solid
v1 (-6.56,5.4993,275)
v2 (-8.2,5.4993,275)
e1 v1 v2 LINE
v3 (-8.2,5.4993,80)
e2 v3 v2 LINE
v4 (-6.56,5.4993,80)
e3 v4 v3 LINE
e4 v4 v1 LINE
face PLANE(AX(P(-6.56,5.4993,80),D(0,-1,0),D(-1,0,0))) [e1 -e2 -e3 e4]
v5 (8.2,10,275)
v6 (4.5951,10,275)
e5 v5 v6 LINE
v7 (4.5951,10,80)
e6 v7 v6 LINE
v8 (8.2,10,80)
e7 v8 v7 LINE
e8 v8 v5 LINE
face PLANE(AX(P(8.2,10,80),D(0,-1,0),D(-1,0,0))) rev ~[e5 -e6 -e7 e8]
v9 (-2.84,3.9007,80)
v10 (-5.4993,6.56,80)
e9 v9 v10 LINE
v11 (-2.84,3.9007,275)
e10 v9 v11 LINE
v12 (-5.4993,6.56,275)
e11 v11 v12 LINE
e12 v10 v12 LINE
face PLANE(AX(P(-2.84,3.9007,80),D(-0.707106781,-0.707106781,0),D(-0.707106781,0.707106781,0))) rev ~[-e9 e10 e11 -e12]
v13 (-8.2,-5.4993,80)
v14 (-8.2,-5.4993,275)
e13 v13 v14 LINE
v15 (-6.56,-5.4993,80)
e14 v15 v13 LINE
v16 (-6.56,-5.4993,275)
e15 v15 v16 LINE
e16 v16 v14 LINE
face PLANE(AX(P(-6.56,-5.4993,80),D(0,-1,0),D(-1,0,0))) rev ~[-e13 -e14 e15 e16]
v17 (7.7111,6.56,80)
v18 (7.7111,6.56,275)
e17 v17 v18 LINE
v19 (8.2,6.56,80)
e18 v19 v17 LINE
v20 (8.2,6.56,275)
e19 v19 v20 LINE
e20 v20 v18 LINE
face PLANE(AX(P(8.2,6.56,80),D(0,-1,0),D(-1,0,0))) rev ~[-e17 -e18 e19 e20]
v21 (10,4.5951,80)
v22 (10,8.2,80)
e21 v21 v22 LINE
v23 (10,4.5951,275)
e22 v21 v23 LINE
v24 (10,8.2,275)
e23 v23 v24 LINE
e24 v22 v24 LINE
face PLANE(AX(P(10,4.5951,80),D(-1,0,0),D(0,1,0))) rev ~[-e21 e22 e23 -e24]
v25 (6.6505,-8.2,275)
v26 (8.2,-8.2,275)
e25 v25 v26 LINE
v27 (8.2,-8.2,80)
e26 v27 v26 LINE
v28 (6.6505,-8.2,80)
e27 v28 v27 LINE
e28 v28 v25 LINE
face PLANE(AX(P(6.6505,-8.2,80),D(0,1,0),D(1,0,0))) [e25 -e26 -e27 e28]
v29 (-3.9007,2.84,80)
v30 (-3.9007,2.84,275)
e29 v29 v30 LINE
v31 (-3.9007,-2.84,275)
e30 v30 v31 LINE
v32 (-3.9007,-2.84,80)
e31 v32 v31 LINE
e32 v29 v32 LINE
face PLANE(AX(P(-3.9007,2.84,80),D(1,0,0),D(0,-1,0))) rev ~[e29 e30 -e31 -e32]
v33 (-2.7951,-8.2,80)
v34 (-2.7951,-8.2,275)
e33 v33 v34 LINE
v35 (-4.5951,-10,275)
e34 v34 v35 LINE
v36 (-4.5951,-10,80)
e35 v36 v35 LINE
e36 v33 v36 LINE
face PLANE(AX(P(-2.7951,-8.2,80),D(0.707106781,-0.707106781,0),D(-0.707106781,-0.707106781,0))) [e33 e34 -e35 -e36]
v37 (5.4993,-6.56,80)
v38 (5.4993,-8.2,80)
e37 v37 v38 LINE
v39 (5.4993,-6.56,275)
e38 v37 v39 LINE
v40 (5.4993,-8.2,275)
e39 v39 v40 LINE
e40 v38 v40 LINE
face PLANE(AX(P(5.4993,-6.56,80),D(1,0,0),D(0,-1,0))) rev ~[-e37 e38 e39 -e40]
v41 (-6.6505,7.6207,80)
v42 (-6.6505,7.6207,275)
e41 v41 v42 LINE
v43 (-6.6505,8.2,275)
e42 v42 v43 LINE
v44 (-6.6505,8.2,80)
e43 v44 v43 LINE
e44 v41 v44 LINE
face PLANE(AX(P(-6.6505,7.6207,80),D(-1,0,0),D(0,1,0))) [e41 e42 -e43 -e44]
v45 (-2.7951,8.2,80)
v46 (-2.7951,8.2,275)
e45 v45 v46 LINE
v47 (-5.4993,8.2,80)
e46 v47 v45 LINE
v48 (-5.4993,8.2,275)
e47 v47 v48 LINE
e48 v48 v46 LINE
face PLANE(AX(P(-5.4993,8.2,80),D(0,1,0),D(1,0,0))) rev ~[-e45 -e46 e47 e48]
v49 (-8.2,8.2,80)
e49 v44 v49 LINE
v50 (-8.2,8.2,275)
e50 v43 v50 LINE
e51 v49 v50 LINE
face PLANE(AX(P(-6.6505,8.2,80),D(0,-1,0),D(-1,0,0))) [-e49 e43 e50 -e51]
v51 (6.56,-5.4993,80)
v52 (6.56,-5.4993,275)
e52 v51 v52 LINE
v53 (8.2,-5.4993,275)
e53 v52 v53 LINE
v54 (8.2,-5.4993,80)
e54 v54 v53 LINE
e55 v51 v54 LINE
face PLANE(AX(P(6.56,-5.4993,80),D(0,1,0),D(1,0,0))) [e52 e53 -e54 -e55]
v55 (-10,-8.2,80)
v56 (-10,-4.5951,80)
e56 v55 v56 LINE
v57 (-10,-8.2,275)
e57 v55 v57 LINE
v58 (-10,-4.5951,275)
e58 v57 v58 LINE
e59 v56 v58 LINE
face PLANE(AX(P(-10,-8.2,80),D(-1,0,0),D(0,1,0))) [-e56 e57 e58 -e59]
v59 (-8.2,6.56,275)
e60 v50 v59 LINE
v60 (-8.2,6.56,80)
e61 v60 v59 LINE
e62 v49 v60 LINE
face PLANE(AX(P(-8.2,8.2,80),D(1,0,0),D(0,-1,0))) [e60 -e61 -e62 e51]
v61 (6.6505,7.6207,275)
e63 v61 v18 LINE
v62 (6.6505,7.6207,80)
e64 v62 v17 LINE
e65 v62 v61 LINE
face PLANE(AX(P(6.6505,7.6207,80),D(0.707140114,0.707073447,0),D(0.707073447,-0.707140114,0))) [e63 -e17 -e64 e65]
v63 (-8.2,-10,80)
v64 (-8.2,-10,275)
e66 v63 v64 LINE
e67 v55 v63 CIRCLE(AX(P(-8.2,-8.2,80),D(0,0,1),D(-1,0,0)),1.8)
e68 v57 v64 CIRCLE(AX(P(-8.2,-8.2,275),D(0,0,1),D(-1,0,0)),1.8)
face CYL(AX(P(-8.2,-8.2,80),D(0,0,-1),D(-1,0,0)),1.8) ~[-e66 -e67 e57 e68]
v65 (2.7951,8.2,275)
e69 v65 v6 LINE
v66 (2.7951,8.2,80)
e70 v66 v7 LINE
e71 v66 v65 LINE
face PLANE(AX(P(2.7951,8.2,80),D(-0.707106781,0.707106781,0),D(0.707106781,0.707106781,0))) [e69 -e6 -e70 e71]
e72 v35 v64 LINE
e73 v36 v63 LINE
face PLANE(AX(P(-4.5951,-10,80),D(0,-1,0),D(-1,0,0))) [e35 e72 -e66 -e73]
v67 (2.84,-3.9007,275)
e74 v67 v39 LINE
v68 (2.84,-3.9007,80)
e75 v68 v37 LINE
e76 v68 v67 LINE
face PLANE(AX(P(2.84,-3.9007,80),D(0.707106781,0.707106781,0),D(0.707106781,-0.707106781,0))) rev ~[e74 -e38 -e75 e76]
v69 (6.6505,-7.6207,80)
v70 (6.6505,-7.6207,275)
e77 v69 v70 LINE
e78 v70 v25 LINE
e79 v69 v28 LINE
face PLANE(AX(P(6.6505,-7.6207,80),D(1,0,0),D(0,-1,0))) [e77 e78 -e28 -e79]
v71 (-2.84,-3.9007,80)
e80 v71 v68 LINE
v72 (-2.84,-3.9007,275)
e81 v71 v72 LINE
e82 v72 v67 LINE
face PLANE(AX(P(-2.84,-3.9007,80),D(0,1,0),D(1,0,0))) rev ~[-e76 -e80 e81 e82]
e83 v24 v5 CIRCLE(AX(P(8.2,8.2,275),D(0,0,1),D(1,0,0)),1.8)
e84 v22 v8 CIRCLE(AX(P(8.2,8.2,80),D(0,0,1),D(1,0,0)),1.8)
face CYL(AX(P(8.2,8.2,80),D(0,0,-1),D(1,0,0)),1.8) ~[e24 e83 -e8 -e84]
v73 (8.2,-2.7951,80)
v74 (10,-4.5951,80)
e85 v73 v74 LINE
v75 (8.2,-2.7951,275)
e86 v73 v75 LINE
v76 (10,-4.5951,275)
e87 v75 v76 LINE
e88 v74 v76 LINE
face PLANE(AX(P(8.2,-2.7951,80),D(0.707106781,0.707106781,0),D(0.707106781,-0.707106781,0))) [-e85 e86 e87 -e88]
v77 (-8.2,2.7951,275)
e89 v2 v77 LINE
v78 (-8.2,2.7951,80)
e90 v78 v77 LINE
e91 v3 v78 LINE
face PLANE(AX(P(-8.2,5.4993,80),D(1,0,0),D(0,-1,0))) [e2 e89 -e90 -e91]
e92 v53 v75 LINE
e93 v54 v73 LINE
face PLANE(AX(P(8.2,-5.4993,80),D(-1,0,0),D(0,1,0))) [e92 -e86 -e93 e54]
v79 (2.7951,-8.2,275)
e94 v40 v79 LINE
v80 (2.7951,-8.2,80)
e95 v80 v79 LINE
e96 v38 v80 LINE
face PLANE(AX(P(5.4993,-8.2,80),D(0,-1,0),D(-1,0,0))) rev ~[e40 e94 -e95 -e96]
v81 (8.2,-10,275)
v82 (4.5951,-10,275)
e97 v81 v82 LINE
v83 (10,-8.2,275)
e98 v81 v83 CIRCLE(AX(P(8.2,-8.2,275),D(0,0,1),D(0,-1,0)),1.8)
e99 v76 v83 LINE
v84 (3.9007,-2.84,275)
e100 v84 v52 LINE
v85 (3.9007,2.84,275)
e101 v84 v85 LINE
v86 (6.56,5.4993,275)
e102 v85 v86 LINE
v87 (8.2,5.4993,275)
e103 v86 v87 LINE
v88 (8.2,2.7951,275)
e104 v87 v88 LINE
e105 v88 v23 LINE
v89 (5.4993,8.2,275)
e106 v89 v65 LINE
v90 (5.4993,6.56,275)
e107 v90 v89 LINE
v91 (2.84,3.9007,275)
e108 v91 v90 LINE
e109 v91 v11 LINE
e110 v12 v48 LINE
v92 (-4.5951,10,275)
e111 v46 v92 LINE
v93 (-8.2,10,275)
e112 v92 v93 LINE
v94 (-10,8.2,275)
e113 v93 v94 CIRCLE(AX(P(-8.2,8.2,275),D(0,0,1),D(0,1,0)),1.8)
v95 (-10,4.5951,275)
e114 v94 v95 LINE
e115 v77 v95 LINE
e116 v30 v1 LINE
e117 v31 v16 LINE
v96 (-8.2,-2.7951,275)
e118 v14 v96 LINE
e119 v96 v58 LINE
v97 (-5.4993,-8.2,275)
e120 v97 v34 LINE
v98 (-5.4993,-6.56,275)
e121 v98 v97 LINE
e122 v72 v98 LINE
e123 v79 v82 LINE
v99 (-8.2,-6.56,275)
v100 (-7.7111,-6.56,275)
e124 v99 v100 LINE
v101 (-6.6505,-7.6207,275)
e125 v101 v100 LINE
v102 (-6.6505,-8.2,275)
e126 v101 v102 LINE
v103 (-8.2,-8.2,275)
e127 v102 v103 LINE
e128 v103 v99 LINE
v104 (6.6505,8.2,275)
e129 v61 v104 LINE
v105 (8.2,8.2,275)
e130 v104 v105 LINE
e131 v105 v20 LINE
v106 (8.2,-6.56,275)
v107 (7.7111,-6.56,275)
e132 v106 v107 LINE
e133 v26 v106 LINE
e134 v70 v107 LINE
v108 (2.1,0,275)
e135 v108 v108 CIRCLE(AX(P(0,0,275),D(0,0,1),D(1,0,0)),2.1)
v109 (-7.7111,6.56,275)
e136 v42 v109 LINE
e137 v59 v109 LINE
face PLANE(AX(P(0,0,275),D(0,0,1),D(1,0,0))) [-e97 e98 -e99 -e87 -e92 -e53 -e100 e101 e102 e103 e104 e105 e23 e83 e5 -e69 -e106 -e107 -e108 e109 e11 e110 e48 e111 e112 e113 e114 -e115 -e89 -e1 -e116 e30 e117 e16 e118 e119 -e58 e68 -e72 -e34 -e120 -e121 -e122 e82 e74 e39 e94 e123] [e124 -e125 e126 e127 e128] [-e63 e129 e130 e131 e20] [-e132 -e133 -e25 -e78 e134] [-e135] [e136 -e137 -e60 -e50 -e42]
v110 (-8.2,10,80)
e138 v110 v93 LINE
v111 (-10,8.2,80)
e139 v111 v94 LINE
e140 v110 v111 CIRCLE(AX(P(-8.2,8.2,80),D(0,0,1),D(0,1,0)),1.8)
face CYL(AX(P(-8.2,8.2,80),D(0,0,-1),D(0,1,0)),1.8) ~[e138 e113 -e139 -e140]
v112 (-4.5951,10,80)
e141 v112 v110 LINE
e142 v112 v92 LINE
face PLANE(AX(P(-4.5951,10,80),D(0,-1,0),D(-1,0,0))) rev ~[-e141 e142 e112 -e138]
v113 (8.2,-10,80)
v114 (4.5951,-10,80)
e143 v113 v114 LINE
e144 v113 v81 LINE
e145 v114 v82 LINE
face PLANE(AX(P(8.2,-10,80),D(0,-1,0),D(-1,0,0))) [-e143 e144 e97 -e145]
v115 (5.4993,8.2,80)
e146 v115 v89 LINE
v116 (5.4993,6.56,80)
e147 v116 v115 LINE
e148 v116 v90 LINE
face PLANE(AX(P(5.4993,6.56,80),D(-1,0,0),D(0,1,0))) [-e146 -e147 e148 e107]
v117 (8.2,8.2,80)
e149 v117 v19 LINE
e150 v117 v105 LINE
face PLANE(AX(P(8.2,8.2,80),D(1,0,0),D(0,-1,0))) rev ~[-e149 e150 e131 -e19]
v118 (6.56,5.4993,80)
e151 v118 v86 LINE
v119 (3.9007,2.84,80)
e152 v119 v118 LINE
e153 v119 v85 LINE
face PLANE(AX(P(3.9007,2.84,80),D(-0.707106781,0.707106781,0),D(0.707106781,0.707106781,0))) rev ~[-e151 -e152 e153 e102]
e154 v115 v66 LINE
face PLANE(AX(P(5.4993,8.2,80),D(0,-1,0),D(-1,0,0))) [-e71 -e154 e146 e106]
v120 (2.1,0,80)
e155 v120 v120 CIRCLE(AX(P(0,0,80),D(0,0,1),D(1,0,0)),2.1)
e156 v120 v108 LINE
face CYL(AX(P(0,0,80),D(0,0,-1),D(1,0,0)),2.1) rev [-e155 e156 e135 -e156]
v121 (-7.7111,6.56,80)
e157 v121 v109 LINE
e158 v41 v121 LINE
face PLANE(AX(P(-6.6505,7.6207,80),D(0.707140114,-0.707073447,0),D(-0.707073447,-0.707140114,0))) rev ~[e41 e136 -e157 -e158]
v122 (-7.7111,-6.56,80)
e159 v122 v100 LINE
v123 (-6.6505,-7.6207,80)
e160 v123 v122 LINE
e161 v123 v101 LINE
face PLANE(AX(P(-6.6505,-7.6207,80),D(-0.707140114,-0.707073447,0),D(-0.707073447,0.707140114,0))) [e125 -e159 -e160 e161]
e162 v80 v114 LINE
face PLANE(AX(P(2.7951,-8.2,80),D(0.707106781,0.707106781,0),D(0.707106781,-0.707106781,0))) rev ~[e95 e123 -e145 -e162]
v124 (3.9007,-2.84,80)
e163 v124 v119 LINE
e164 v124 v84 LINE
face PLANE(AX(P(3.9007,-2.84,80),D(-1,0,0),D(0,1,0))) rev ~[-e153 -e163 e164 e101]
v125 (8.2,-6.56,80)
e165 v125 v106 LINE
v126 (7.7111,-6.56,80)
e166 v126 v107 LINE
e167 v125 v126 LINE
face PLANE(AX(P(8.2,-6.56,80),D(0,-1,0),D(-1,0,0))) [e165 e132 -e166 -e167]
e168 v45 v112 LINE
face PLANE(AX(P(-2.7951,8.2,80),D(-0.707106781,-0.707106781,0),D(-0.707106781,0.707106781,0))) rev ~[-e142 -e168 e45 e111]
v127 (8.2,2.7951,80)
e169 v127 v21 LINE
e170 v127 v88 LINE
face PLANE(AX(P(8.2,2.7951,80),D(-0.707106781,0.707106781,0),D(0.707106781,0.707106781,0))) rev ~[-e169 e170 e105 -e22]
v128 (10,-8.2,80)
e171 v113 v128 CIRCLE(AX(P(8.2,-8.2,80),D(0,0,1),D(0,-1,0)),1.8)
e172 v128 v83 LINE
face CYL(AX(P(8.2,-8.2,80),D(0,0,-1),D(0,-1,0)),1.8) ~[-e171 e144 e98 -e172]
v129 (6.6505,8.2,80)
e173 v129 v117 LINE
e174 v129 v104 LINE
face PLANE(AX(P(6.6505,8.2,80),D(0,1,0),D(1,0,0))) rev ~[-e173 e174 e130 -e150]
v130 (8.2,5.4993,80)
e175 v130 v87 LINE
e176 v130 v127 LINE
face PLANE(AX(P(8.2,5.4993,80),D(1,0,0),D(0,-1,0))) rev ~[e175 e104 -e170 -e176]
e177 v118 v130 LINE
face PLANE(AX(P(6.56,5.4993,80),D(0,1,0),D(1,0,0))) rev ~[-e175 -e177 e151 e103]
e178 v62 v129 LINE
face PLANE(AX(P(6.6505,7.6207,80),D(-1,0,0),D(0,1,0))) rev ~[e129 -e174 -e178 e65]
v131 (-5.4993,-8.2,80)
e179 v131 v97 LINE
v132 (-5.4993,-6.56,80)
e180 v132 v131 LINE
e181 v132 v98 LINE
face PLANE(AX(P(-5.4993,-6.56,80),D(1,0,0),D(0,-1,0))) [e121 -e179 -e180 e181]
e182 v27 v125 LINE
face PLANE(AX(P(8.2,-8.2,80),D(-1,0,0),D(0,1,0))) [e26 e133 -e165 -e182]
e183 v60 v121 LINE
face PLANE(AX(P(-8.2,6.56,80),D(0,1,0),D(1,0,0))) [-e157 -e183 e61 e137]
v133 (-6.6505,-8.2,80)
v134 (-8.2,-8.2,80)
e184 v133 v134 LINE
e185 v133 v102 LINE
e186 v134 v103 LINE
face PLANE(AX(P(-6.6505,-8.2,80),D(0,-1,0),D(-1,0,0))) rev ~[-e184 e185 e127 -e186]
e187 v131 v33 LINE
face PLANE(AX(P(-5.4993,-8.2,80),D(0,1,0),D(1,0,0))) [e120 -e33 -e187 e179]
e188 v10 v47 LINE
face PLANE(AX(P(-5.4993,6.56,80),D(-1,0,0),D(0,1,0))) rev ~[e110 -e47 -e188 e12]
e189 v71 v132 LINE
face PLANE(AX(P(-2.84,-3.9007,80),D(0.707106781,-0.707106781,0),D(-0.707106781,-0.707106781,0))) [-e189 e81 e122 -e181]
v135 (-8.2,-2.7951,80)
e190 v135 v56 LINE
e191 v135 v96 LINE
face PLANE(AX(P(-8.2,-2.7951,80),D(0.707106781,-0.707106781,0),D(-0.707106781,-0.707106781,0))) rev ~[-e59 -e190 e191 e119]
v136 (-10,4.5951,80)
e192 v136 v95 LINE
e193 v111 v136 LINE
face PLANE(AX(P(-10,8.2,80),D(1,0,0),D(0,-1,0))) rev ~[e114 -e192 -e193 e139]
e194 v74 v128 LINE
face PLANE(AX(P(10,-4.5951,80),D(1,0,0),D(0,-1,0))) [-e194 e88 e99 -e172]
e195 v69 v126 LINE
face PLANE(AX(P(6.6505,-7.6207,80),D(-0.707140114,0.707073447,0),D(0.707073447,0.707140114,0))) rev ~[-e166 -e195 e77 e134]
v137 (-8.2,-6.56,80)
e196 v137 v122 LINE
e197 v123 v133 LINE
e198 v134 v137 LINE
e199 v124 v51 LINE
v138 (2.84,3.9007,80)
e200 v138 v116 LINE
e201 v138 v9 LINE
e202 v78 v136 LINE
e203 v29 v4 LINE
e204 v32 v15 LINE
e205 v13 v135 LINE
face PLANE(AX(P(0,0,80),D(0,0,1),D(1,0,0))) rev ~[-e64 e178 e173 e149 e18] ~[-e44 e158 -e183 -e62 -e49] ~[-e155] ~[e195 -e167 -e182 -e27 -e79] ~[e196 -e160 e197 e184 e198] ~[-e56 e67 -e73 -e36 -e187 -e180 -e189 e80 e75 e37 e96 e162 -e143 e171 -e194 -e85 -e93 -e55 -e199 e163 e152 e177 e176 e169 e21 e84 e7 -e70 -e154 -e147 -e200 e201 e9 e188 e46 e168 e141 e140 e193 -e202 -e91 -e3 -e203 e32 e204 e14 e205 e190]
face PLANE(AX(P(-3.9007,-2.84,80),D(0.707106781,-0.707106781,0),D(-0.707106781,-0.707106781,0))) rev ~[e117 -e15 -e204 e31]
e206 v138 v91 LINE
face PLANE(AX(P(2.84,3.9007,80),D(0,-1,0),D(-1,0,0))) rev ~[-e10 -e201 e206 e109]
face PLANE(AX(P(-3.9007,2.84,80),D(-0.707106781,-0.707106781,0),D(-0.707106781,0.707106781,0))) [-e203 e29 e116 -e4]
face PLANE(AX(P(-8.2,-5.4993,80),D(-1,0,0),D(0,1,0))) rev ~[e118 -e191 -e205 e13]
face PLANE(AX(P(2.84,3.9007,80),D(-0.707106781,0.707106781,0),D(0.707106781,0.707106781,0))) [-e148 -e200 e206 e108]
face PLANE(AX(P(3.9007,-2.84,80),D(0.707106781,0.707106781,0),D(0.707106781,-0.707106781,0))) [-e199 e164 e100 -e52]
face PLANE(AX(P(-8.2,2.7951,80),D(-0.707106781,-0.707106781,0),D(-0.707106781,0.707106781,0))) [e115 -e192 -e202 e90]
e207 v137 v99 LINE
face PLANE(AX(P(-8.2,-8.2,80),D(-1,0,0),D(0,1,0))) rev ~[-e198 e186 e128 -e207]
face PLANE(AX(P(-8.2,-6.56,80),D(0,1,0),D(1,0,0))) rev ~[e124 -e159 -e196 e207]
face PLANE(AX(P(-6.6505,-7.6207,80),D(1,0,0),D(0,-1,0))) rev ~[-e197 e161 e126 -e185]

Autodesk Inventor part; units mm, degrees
ref_plane "Start Plane" through (0, 0, 80) normal (0, 0, 1) x (1, 0, 0)
ref_plane "End Plane" through (0, 0, 275) normal (0, 0, 1) x (1, 0, 0)
sketch "Sketch" plane through (0, 0, 0) normal (0, 0, 1) x (1, 0, 0)
  line L0 (10, -4.5951) -> (10, -8.2)
  line L1 (-10, -8.2) -> (-10, -4.5951)
  line L2 (-10, 10) -> (10, -10) construction
  line L3 (10, 10) -> (-10, -10) construction
  circle A0 centre (0, 0) radius 2.1
  line L4 (-2.84, -3.9007) -> (2.84, -3.9007)
  line L5 (3.9007, -2.84) -> (3.9007, 2.84)
  line L6 (2.84, 3.9007) -> (-2.84, 3.9007)
  line L7 (-3.9007, 2.84) -> (-3.9007, -2.84)
  line L8 (-3.9007, -3.9007) -> (3.9007, 3.9007) construction
  line L9 (3.9007, -3.9007) -> (-3.9007, 3.9007) construction
  line L10 (-3.9007, -2.84) -> (-2.84, -3.9007) construction
  line L11 (-2.84, -3.9007) -> (-5.4993, -6.56)
  line L12 (-5.4993, -6.56) -> (-5.4993, -8.2)
  line L13 (-5.4993, -8.2) -> (-2.7951, -8.2)
  line L14 (-2.7951, -8.2) -> (-4.5951, -10)
  line L15 (0, 0) -> (0, -3.9007) construction
  line L16 (3.9007, -2.84) -> (2.84, -3.9007) construction
  line L17 (2.84, -3.9007) -> (5.4993, -6.56)
  line L18 (5.4993, -6.56) -> (5.4993, -8.2)
  line L19 (5.4993, -8.2) -> (2.7951, -8.2)
  line L20 (2.7951, -8.2) -> (4.5951, -10)
  line L21 (-2.84, -3.9007) -> (-3.9007, -2.84) construction
  line L22 (-3.9007, -2.84) -> (-6.56, -5.4993)
  line L23 (-6.56, -5.4993) -> (-8.2, -5.4993)
  line L24 (-8.2, -5.4993) -> (-8.2, -2.7951)
  line L25 (-8.2, -2.7951) -> (-10, -4.5951)
  line L26 (3.9007, -2.84) -> (6.56, -5.4993)
  line L27 (6.56, -5.4993) -> (8.2, -5.4993)
  line L28 (8.2, -5.4993) -> (8.2, -2.7951)
  line L29 (8.2, -2.7951) -> (10, -4.5951)
  arc A1 (-10, -8.2) -> (-8.2, -10) centre (-8.2, -8.2) ccw
  arc A2 (8.2, -10) -> (10, -8.2) centre (8.2, -8.2) ccw
  line L30 (-8.2, -6.56) -> (-7.7111, -6.56)
  line L31 (-6.6505, -8.2) -> (-8.2, -8.2)
  line L32 (-8.2, -8.2) -> (-8.2, -6.56)
  line L33 (-6.6505, -7.6207) -> (-7.7111, -6.56)
  line L34 (-6.6505, -7.6207) -> (-6.6505, -8.2)
  line L35 (8.2, -6.56) -> (7.7111, -6.56)
  line L36 (6.6505, -8.2) -> (8.2, -8.2)
  line L37 (8.2, -8.2) -> (8.2, -6.56)
  line L38 (6.6505, -7.6207) -> (7.7111, -6.56)
  line L39 (6.6505, -7.6207) -> (6.6505, -8.2)
  line L40 (8.2, -10) -> (4.5951, -10)
  line L41 (-4.5951, -10) -> (-8.2, -10)
  line L42 (-3.9007, 0) -> (3.9007, 0) construction
  line L43 (10, 4.5951) -> (10, 8.2)
  line L44 (-10, 8.2) -> (-10, 4.5951)
  line L45 (-2.84, 3.9007) -> (2.84, 3.9007)
  line L46 (-3.9007, 2.84) -> (-2.84, 3.9007) construction
  line L47 (-2.84, 3.9007) -> (-5.4993, 6.56)
  line L48 (-5.4993, 6.56) -> (-5.4993, 8.2)
  line L49 (-5.4993, 8.2) -> (-2.7951, 8.2)
  line L50 (-2.7951, 8.2) -> (-4.5951, 10)
  line L51 (2.84, 3.9007) -> (5.4993, 6.56)
  line L52 (5.4993, 6.56) -> (5.4993, 8.2)
  line L53 (5.4993, 8.2) -> (2.7951, 8.2)
  line L54 (2.7951, 8.2) -> (4.5951, 10)
  line L55 (3.9007, 2.84) -> (2.84, 3.9007) construction
  line L56 (-8.2, 2.7951) -> (-10, 4.5951)
  line L57 (-2.84, 3.9007) -> (-3.9007, 2.84) construction
  line L58 (-3.9007, 2.84) -> (-6.56, 5.4993)
  line L59 (-6.56, 5.4993) -> (-8.2, 5.4993)
  line L60 (-8.2, 5.4993) -> (-8.2, 2.7951)
  line L61 (3.9007, 2.84) -> (6.56, 5.4993)
  line L62 (6.56, 5.4993) -> (8.2, 5.4993)
  line L63 (8.2, 5.4993) -> (8.2, 2.7951)
  line L64 (8.2, 2.7951) -> (10, 4.5951)
  arc A3 (-8.2, 10) -> (-10, 8.2) centre (-8.2, 8.2) ccw
  arc A4 (10, 8.2) -> (8.2, 10) centre (8.2, 8.2) ccw
  line L65 (-8.2, 6.56) -> (-7.7111, 6.56)
  line L66 (-6.6505, 8.2) -> (-8.2, 8.2)
  line L67 (-8.2, 8.2) -> (-8.2, 6.56)
  line L68 (-6.6505, 7.6207) -> (-7.7111, 6.56)
  line L69 (-6.6505, 7.6207) -> (-6.6505, 8.2)
  line L70 (8.2, 6.56) -> (7.7111, 6.56)
  line L71 (6.6505, 7.6207) -> (7.7111, 6.56)
  line L72 (8.2, 8.2) -> (8.2, 6.56)
  line L73 (6.6505, 7.6207) -> (6.6505, 8.2)
  line L74 (6.6505, 8.2) -> (8.2, 8.2)
  line L75 (8.2, 10) -> (4.5951, 10)
  line L76 (-4.5951, 10) -> (-8.2, 10)
  line L77 (-8.2, 10) -> (-4.5951, 10)
  line L78 (4.5951, 10) -> (8.2, 10)
  point P0 (8.2, -8.2)
  point P1 (0, 3.9007)
  point P2 (8.2, 8.2)
  dimension "Width" = 20
  dimension "Height" = 20
  dimension "d2" = 4.2
  dimension "d3" = 1.5
  dimension "d4" = 1.64
  dimension "d6" = 5.68
  dimension "d7" = 1.8
  dimension "d9" = 1.5
extrude "Body" add sketch "Sketch" along normal up to surface (195 mm away) from surface at 80
sketch "Sketch4" plane through (0, 0, 0) normal (0, 0, 1) x (1, 0, 0)
  line L0 (0, 0) -> (10, 0)
ref_plane "Work Plane4" through (0, 0, 0) normal (0, -1, 0) x (1, 0, 0)
sketch "Sketch5" plane through (0, 0, 0) normal (0, -1, 0) x (1, 0, 0)
  line L0 (-2, 80) -> (12, 80) construction
  line L1 (-2, 275) -> (12, 275) construction
  dimension "d17" = 195
ref_plane "Work Plane5" through (475, -8, 80) normal (0, 0, -1) x (-1, 0, 0)
split "Split1" plane through (475, -8, 80) removes the side toward (0, 0, -1)
equation "\"G_OFFSET_START\" = -80"
equation "\"G_OFFSET_END\" = 0"
equation "\"d12\" = -G_OFFSET_START"
equation "\"d13\" = Length + G_OFFSET_END"
equation "\"G_L\" = d17"
equation "\"Length\" = 275"
properties part number "V-slot 20 mm x 20 mm" material "Aluminum 6061"
